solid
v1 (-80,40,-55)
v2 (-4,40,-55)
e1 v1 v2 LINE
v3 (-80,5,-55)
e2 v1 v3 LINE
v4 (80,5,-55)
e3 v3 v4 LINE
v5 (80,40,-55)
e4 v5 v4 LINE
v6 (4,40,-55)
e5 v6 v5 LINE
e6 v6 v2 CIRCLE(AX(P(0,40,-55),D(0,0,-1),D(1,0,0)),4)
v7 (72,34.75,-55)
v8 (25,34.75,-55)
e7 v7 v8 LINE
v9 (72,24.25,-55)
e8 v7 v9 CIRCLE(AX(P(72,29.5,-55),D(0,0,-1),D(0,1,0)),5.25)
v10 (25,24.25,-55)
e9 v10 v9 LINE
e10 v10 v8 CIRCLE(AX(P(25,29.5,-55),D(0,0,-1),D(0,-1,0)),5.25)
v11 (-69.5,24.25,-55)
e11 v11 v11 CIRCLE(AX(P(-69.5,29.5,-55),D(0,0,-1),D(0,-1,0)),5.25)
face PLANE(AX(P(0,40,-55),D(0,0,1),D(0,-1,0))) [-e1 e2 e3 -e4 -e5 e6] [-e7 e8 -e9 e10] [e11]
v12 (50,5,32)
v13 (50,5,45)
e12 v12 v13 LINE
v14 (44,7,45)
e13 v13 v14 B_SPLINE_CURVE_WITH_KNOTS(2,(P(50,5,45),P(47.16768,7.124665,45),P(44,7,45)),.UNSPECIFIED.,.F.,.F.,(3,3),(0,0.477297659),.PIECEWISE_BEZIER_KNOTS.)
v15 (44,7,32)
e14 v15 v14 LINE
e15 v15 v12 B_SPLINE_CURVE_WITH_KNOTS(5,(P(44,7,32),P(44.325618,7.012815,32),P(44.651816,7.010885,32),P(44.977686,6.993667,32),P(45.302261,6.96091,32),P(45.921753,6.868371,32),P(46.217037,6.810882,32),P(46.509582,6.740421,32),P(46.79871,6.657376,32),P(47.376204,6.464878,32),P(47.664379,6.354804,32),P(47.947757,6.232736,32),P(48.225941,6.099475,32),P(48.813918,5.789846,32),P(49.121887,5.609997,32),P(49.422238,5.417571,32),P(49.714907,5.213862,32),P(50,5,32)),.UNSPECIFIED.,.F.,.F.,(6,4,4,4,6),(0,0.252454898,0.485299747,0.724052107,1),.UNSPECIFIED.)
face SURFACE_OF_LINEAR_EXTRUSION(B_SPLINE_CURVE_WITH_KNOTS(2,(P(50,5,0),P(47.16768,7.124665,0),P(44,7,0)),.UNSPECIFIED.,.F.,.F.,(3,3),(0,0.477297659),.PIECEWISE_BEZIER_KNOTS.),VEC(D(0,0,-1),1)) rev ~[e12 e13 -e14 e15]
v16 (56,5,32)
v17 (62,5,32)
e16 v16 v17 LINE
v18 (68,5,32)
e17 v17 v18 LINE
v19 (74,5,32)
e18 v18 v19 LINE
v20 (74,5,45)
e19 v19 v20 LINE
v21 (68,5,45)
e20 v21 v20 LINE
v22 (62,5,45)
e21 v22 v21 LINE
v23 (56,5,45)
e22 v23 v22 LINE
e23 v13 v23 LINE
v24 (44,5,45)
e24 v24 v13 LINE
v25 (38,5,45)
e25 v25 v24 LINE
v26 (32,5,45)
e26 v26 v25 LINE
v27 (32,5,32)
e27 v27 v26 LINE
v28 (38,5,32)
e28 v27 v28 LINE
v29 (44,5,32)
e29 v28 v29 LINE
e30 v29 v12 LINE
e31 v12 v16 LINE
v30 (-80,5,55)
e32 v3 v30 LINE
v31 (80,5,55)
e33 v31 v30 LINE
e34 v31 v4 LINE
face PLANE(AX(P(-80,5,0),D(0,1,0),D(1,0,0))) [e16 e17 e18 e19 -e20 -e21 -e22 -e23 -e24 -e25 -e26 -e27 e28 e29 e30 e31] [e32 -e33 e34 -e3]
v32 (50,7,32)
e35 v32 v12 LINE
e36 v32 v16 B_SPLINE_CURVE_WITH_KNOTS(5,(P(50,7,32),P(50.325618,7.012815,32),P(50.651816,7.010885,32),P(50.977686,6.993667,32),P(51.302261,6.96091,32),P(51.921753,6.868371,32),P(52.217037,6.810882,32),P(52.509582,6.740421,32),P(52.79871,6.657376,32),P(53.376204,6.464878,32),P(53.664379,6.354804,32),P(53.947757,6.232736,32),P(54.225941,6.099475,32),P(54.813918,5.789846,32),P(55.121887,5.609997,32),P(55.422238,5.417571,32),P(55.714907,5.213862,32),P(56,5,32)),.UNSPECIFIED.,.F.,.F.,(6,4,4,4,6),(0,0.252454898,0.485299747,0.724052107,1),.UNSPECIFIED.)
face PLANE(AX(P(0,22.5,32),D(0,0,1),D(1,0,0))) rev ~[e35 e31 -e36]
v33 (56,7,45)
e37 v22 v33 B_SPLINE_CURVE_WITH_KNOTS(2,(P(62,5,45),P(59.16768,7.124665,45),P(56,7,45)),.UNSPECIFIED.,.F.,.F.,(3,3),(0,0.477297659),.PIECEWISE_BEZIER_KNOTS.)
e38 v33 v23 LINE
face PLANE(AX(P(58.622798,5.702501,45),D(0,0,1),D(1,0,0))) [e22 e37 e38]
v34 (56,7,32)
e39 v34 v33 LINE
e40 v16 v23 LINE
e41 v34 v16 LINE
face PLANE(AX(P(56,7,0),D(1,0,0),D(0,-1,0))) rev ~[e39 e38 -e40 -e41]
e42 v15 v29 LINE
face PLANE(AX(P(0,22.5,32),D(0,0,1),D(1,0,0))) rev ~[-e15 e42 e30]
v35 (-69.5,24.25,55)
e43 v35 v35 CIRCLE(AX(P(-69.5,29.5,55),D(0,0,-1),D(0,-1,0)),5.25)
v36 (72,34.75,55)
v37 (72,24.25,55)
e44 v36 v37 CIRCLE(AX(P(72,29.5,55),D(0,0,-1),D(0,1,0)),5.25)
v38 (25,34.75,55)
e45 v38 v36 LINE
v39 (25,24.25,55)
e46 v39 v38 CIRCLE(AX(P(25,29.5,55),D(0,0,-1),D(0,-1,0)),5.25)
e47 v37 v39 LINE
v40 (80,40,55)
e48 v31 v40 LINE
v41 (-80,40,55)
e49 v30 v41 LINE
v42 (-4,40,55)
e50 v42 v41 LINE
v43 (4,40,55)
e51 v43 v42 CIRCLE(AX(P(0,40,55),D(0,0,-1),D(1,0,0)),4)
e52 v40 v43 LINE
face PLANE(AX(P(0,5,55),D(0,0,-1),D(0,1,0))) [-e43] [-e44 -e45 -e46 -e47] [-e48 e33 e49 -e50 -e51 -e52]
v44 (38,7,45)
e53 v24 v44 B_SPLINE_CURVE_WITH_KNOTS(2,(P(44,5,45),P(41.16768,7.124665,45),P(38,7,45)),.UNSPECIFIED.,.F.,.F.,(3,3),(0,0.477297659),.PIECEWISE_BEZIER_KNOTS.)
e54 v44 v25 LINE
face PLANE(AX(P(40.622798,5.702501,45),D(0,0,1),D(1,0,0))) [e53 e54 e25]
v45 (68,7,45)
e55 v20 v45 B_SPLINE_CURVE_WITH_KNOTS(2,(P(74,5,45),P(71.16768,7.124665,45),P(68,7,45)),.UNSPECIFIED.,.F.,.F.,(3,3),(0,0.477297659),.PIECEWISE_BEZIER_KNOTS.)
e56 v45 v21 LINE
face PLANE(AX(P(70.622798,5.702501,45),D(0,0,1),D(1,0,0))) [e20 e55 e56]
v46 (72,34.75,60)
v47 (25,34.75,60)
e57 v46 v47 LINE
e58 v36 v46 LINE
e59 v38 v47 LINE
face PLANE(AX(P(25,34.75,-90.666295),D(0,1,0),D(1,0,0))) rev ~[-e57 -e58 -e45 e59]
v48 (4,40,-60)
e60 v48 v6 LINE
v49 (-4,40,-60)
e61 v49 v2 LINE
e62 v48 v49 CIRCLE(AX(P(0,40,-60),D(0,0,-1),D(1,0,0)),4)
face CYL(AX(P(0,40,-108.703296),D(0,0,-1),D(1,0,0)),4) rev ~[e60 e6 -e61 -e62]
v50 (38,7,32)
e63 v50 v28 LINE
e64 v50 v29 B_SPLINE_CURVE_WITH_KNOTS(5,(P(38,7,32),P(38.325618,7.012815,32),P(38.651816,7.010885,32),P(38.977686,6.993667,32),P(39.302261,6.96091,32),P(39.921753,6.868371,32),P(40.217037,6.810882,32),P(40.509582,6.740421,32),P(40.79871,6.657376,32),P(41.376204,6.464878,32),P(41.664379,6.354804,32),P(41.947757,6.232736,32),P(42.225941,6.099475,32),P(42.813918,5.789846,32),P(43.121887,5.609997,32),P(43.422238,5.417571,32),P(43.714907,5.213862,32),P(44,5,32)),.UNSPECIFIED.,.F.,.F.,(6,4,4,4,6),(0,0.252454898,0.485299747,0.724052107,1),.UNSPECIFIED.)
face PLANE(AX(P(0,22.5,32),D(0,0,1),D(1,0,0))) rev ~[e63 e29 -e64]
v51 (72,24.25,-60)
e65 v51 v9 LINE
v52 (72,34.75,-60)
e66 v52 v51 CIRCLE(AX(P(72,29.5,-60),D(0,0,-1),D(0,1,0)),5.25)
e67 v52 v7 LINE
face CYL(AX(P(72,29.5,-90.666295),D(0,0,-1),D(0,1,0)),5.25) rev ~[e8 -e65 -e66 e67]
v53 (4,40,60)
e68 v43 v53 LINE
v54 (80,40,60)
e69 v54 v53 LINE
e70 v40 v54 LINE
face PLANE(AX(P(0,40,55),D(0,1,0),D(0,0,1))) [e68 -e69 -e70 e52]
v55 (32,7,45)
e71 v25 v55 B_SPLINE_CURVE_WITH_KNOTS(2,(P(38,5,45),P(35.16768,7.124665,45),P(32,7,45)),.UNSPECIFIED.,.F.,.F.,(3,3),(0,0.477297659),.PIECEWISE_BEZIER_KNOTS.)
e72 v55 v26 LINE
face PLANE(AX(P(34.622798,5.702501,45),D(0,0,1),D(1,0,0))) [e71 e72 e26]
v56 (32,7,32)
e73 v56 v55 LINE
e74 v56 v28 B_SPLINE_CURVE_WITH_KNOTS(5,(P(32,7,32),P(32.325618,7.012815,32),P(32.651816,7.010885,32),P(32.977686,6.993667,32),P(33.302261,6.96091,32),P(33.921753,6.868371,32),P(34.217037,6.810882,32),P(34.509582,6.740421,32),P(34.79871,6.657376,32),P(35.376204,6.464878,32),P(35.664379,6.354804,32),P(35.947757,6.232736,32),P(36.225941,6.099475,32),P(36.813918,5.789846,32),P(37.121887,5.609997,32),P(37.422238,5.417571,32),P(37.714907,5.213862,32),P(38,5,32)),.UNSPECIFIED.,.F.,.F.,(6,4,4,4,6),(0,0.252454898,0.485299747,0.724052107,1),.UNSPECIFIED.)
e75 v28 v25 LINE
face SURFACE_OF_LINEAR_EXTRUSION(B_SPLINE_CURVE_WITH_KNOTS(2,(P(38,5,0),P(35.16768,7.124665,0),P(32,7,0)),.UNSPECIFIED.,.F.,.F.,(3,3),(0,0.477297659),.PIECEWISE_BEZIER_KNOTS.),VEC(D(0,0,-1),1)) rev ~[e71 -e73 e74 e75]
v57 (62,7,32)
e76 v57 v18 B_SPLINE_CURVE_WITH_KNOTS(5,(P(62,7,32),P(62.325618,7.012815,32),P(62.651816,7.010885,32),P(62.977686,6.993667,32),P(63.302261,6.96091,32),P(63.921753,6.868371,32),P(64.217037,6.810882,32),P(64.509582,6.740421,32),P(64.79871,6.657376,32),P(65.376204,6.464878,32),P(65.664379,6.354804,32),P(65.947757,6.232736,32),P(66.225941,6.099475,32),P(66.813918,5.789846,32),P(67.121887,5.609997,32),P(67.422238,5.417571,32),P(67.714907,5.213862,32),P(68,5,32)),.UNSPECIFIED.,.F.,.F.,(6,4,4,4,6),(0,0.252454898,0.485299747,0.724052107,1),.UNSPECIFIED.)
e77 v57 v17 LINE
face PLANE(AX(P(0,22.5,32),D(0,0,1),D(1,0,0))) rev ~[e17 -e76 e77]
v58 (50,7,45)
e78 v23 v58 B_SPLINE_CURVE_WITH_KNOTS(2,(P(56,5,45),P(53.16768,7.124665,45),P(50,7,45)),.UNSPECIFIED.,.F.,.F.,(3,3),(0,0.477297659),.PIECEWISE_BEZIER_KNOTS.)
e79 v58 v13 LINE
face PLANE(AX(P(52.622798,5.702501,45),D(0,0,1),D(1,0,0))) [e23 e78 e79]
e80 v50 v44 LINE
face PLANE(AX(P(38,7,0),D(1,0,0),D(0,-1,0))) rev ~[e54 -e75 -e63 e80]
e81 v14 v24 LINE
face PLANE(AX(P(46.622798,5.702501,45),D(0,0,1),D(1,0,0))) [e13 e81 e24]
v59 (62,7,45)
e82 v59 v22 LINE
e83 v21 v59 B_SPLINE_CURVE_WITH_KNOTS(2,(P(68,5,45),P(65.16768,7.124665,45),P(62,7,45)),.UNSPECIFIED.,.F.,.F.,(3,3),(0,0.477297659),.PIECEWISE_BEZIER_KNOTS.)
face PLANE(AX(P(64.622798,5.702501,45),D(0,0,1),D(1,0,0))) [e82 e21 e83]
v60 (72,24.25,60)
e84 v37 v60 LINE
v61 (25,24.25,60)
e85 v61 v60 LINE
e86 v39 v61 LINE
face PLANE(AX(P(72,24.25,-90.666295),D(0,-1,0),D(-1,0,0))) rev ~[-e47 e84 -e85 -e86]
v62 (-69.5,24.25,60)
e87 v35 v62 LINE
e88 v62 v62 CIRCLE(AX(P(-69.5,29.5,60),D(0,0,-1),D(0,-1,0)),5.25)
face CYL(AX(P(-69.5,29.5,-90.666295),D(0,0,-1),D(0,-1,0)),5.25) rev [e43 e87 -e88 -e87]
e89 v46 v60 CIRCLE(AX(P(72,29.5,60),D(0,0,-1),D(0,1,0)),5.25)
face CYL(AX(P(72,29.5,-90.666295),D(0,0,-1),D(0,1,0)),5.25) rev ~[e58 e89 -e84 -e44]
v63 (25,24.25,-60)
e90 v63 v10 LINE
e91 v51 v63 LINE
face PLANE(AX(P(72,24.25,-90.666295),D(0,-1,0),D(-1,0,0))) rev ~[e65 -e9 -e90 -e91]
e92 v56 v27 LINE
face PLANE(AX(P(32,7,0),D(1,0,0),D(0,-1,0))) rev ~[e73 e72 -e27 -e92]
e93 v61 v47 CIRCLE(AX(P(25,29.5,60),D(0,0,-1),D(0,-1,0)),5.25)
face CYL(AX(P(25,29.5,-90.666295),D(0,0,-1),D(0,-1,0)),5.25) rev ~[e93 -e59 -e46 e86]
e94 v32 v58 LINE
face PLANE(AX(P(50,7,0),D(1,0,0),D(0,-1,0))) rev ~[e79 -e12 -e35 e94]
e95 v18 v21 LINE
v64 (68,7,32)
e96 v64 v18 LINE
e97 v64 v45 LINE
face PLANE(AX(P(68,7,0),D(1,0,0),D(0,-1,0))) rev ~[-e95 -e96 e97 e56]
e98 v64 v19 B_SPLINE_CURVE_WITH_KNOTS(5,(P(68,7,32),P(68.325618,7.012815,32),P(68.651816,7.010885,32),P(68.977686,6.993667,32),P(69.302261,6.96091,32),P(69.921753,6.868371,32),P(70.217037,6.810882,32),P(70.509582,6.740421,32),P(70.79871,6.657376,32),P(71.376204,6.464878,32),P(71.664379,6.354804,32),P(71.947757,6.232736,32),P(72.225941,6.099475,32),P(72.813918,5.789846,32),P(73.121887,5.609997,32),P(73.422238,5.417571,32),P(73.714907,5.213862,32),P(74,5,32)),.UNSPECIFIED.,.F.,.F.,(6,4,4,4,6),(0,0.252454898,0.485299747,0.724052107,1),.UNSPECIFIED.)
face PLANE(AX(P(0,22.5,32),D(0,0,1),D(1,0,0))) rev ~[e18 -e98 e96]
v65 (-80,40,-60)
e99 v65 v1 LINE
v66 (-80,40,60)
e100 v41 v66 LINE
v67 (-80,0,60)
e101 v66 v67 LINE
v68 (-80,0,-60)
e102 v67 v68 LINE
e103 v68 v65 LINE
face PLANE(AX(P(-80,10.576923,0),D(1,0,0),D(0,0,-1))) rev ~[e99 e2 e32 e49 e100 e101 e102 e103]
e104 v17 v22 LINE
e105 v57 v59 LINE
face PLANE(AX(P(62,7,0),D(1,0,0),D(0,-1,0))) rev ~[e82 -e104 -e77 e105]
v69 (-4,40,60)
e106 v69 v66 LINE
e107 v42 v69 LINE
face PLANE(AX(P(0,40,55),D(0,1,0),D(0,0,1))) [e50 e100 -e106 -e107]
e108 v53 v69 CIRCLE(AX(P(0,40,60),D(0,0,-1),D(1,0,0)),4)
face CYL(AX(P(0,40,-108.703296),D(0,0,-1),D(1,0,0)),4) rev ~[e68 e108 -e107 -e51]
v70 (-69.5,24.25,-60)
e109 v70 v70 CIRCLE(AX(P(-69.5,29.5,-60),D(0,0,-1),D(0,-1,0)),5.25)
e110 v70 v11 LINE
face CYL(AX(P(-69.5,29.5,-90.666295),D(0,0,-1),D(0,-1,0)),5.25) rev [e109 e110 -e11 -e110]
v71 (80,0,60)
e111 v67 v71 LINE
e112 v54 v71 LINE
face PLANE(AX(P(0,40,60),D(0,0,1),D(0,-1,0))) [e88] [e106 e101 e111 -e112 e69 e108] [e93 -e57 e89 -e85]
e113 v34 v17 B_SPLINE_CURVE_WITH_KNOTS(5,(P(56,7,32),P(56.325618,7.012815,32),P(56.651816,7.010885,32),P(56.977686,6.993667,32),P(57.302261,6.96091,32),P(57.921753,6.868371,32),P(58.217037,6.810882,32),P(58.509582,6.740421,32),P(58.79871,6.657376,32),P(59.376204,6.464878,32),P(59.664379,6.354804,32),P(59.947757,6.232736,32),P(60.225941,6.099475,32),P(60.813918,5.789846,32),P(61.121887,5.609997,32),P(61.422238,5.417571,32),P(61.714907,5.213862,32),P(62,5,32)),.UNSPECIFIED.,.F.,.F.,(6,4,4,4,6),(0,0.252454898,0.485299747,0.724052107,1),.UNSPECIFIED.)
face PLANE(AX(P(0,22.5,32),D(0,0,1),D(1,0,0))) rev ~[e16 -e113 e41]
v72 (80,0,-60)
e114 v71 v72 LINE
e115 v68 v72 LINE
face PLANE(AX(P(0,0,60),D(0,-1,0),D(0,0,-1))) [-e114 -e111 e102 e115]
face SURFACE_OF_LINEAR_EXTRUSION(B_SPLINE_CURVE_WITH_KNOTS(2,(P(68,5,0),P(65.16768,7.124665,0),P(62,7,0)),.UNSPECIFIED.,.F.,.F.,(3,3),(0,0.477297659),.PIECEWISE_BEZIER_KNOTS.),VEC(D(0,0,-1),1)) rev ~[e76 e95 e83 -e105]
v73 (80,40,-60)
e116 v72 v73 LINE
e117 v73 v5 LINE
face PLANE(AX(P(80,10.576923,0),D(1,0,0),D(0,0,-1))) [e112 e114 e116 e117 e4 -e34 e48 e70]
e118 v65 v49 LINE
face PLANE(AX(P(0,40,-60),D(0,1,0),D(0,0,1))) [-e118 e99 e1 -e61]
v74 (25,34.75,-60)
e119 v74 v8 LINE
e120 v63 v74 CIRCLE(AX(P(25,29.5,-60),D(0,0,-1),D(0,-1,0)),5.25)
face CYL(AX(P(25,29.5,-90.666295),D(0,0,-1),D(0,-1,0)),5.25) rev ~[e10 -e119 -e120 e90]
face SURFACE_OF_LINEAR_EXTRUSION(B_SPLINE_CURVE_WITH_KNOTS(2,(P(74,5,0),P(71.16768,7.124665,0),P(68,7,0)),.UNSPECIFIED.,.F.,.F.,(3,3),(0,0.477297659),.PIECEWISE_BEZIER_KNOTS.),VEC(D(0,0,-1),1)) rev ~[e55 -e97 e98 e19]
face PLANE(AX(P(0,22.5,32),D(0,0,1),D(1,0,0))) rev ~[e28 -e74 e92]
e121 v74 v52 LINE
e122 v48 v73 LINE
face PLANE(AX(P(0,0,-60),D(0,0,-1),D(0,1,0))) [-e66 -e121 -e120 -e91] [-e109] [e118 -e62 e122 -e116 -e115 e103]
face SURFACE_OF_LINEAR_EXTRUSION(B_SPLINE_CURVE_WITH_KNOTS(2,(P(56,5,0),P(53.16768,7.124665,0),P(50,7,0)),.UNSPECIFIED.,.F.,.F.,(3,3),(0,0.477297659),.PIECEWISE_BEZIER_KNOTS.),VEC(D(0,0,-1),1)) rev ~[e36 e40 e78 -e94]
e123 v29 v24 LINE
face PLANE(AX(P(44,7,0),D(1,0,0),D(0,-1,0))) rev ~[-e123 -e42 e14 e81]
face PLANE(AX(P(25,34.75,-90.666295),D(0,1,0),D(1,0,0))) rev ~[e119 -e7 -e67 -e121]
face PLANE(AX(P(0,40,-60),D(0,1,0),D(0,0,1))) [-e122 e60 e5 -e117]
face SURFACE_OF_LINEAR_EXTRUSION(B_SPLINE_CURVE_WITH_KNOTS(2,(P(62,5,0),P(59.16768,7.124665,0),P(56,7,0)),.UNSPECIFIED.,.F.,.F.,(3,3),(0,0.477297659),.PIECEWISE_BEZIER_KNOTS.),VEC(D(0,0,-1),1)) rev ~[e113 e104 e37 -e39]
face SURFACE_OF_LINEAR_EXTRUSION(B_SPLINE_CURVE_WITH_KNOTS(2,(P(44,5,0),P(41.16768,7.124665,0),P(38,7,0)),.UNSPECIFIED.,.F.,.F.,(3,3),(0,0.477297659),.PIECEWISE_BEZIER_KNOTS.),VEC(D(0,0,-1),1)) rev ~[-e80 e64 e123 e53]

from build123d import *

# Parameters (mm, degrees)
AUFSATZ_LINEAR_AUSTRAGEN3_DEPTH      = 80
SCHNITT_LINEAR_AUSTRAGEN1_DEPTH      = 150.666295471
SCHNITT_LINEAR_AUSTRAGEN1_DEPTH_BACK = 150.666295471
SKIZZE10_R                           = 5.25
SCHNITT_LINEAR_AUSTRAGEN2_DEPTH      = 108.703296143
SCHNITT_LINEAR_AUSTRAGEN2_DEPTH_BACK = 108.703296143
AUFSATZ_LINEAR_AUSTRAGEN4_DEPTH      = 45
LINEARES_MUSTER1_COUNT               = 7
LINEARES_MUSTER1_PITCH               = 6
SKIZZE19_W                           = 160
SKIZZE19_H                           = 35
SCHNITT_LINEAR_AUSTRAGEN3_DEPTH      = 32


with BuildPart() as part:
    # Skizze9 → Aufsatz-Linear austragen3 (new, symmetric)
    with BuildSketch(Plane(origin=(0, 0, 0), x_dir=(0, 0, -1), z_dir=(1, 0, 0))):
        Polygon((-60, 40), (-60, 0), (60, 0), (60, 40), (55, 40), (55, 5), (-55, 5), (-55, 40), align=None)
    extrude(amount=AUFSATZ_LINEAR_AUSTRAGEN3_DEPTH, both=True)

    # Skizze10 → Schnitt-Linear austragen1 (cut, two sides: drawn at the far end of the back side and taken through both)
    with BuildSketch(Plane.XY.offset(60).offset(-SCHNITT_LINEAR_AUSTRAGEN1_DEPTH_BACK)):
        with Locations(Location((-69.5, 29.5, 0), (0, 0, 270))):
            Circle(SKIZZE10_R)
        with BuildLine():
            Line((25, 34.75), (72, 34.75))
            ThreePointArc((72, 34.75), (77.25, 29.5), (72, 24.25))
            Line((72, 24.25), (25, 24.25))
            ThreePointArc((25, 24.25), (19.75, 29.5), (25, 34.75))
        make_face()
    extrude(amount=SCHNITT_LINEAR_AUSTRAGEN1_DEPTH + SCHNITT_LINEAR_AUSTRAGEN1_DEPTH_BACK, mode=Mode.SUBTRACT)

    # Skizze12 → Schnitt-Linear austragen2 (cut, two sides: drawn at the far end of the back side and taken through both)
    with BuildSketch(Plane.XY.offset(-SCHNITT_LINEAR_AUSTRAGEN2_DEPTH_BACK)):
        with BuildLine():
            Line((-4, 40), (4, 40))
            ThreePointArc((4, 40), (0, 36), (-4, 40))
        make_face()
    extrude(amount=SCHNITT_LINEAR_AUSTRAGEN2_DEPTH + SCHNITT_LINEAR_AUSTRAGEN2_DEPTH_BACK, mode=Mode.SUBTRACT)

    # Skizze18 → Aufsatz-Linear austragen4 (add)
    with BuildSketch(Plane(origin=(0, 0, 0), x_dir=(-1, 0, 0), z_dir=(0, 0, -1))):
        with BuildLine():
            Line((-32, 5), (-38, 5))
            add(Edge.make_bspline(
                [(-38, 5), (-35.16767955, 7.124664511), (-32, 7)],
                knots=[0, 0, 0, 0.477297659, 0.477297659, 0.477297659], degree=2))
            Line((-32, 7), (-32, 5))
        make_face()
    aufsatz_linear_austragen4 = extrude(amount=-AUFSATZ_LINEAR_AUSTRAGEN4_DEPTH)

    # Lineares Muster1: Aufsatz-Linear austragen4 ×7
    with Locations(*[(i * LINEARES_MUSTER1_PITCH, 0, 0) for i in range(1, LINEARES_MUSTER1_COUNT)]):
        add(aufsatz_linear_austragen4)

    # Skizze19 → Schnitt-Linear austragen3 (cut)
    with BuildSketch(Plane.XY):
        with Locations((0, 22.5)):
            Rectangle(SKIZZE19_W, SKIZZE19_H)
    extrude(amount=SCHNITT_LINEAR_AUSTRAGEN3_DEPTH, mode=Mode.SUBTRACT)


solid = part.part
